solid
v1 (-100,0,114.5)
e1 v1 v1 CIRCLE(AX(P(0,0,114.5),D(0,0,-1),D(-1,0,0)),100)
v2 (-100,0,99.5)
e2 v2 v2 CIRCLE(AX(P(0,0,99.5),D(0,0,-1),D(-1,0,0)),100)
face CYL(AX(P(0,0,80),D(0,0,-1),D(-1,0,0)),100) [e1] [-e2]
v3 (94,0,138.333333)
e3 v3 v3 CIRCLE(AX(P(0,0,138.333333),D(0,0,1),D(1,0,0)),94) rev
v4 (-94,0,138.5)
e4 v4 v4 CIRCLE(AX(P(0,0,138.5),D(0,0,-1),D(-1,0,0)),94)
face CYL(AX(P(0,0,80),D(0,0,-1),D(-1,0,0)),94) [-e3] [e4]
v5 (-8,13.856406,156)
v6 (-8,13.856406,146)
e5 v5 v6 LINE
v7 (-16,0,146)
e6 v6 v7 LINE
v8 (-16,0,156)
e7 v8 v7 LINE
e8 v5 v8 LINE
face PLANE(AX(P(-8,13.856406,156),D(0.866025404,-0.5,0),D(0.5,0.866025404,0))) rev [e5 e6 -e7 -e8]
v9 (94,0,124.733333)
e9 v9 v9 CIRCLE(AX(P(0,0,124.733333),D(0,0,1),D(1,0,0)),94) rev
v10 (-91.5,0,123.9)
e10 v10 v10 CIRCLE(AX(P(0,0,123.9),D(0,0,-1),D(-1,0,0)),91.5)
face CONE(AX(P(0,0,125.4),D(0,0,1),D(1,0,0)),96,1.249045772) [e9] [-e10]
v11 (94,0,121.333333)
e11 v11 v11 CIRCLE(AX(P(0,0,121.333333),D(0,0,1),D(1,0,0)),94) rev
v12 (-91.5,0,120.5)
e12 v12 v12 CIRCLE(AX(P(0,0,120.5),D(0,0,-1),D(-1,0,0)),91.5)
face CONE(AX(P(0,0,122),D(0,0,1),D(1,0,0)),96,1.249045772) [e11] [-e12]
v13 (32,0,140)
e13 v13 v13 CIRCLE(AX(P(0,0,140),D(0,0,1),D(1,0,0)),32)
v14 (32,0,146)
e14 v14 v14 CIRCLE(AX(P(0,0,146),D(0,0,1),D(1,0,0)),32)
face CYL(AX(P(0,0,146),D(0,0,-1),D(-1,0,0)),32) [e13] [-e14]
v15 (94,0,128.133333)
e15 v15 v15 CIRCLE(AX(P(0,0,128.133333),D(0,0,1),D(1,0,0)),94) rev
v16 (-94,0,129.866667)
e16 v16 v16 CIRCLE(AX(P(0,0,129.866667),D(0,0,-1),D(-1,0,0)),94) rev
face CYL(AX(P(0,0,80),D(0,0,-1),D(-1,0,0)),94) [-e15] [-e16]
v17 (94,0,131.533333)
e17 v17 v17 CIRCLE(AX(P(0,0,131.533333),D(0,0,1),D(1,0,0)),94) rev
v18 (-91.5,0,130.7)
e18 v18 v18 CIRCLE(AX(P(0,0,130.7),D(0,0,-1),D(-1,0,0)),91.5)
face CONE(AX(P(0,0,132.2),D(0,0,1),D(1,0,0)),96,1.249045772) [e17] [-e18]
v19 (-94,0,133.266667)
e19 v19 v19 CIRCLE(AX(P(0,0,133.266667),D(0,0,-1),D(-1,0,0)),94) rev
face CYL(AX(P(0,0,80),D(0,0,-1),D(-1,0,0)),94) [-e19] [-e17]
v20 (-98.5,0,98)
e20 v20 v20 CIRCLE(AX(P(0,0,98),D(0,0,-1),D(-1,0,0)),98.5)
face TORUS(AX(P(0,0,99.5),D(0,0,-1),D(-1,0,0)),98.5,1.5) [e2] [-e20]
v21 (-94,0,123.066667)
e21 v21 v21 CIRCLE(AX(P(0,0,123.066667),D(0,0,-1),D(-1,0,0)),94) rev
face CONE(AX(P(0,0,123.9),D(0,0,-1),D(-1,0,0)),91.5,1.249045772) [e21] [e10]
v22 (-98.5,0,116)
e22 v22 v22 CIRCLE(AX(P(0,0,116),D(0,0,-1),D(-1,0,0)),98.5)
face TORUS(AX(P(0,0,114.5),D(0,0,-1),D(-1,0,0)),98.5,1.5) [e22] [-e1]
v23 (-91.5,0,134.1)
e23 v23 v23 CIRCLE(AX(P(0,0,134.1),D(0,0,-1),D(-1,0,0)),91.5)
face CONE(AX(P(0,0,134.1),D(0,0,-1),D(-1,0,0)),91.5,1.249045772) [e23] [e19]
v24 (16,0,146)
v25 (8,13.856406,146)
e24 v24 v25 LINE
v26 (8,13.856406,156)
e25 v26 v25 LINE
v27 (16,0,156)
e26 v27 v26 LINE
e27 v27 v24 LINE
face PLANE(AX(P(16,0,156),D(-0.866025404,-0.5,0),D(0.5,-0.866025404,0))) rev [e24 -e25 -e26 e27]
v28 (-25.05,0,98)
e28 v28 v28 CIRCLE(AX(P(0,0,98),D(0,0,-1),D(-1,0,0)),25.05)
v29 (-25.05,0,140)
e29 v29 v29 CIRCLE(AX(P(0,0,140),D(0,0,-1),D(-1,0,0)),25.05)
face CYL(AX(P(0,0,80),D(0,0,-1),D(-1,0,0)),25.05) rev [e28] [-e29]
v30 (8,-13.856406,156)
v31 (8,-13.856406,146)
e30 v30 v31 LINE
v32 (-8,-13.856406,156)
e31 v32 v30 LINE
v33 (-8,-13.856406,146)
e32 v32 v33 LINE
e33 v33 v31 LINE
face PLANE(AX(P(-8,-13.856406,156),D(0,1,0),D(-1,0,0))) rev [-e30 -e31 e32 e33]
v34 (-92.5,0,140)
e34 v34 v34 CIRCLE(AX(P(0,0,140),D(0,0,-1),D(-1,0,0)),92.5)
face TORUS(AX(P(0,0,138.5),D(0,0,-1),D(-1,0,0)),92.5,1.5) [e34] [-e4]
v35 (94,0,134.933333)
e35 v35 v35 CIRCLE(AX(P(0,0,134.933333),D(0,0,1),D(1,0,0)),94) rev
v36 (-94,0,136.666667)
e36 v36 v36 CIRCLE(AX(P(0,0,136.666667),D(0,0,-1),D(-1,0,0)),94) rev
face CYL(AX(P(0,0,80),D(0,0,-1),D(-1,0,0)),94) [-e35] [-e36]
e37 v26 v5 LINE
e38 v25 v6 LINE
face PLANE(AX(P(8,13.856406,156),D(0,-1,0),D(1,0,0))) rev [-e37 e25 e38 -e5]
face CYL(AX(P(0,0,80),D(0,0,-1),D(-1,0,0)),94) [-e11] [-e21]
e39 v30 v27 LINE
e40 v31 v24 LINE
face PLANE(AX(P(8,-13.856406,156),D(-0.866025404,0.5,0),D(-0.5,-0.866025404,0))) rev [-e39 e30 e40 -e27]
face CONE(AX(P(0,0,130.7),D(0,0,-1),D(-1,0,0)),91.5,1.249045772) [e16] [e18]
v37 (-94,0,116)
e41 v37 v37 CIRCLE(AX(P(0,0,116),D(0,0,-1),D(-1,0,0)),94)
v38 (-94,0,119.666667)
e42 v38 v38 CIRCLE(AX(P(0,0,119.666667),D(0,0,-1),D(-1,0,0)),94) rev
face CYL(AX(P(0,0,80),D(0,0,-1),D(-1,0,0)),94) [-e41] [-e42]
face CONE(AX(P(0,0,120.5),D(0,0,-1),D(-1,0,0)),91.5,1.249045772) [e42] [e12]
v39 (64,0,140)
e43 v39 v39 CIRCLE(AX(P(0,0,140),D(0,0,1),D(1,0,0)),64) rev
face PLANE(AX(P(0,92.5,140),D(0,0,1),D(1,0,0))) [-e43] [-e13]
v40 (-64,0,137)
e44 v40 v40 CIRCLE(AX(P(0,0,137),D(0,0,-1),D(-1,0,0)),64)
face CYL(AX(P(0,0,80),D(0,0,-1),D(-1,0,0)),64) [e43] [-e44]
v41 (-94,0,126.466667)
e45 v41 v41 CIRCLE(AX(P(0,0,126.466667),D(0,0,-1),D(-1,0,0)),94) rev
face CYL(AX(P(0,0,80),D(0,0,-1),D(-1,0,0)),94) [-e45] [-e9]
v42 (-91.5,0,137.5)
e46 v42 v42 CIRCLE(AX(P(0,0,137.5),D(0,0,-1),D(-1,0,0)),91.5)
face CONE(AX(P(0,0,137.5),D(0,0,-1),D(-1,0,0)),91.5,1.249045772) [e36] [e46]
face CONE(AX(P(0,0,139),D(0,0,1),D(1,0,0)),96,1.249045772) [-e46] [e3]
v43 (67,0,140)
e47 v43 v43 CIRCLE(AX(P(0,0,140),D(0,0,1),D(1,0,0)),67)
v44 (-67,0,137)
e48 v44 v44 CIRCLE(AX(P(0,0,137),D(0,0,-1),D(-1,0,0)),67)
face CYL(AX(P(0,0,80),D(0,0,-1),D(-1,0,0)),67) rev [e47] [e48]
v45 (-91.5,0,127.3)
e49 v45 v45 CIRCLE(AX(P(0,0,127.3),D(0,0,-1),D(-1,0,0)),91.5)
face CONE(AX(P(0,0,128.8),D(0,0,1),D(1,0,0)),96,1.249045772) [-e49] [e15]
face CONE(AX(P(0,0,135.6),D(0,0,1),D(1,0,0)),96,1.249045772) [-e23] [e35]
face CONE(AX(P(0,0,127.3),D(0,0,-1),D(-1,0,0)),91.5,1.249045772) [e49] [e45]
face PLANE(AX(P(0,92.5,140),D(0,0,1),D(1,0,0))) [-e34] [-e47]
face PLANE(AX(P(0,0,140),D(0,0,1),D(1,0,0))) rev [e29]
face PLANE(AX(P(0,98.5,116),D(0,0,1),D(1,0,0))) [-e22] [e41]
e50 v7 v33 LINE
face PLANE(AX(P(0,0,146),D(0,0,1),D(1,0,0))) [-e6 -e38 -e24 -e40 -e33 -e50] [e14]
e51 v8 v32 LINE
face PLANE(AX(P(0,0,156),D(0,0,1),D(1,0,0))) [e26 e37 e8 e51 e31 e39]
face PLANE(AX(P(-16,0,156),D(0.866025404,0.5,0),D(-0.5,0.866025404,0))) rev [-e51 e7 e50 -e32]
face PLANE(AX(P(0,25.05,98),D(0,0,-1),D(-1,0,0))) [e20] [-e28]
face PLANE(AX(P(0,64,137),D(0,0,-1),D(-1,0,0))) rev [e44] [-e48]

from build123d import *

# Parameters (mm, degrees)
SKETCH3_W        = 4
SKETCH3_H        = 3
WASHER_START     = 140
SKETCH4_R        = 32
WASHER_DEPTH     = 6
CRANK_START      = 146
CRANK_BOLT_DEPTH = 10


with BuildPart() as part:
    # Sketch1 → Balancer (revolve)
    with BuildSketch(Plane(origin=(0, 0, 0), x_dir=(0, 0, -1), z_dir=(1, 0, 0)), mode=Mode.PRIVATE) as balancer_sk:
        with BuildLine():
            Line((-98, 25.05), (-98, 98.5))
            ThreePointArc((-98, 98.5), (-98.439339828, 99.560660172), (-99.5, 100))
            Line((-99.5, 100), (-114.5, 100))
            ThreePointArc((-114.5, 100), (-115.560660172, 99.560660172), (-116, 98.5))
            Line((-116, 98.5), (-116, 94))
            Line((-116, 94), (-138.5, 94))
            ThreePointArc((-138.5, 94), (-139.560660172, 93.560660172), (-140, 92.5))
            Line((-140, 92.5), (-140, 25.05))
            Line((-140, 25.05), (-98, 25.05))
        make_face()
    revolve(balancer_sk.sketch.rotate(Axis((0, 0, 80), (0, 0, 1)), 90), axis=Axis((0, 0, 80), (0, 0, 1)))

    # Sketch2 → Belt Grooves (revolve, cut)
    with BuildSketch(Plane(origin=(0, 0, 0), x_dir=(0, 0, -1), z_dir=(1, 0, 0)), mode=Mode.PRIVATE) as belt_grooves_sk:
        Polygon((-119, 96), (-120.5, 91.5), (-122, 96), align=None)
        Polygon((-122.4, 96), (-123.9, 91.5), (-125.4, 96), align=None)
        Polygon((-125.8, 96), (-127.3, 91.5), (-128.8, 96), align=None)
        Polygon((-129.2, 96), (-130.7, 91.5), (-132.2, 96), align=None)
        Polygon((-132.6, 96), (-134.1, 91.5), (-135.6, 96), align=None)
        Polygon((-136, 96), (-137.5, 91.5), (-139, 96), align=None)
    revolve(belt_grooves_sk.sketch.rotate(Axis((0, 0, 80), (0, 0, 1)), 90), axis=Axis((0, 0, 80), (0, 0, 1)), mode=Mode.SUBTRACT)

    # Sketch3 → Isolator Groove (revolve, cut)
    with BuildSketch(Plane(origin=(0, 0, 0), x_dir=(0, 0, -1), z_dir=(1, 0, 0)), mode=Mode.PRIVATE) as isolator_groove_sk:
        with Locations((-139, 65.5)):
            Rectangle(SKETCH3_W, SKETCH3_H)
    revolve(isolator_groove_sk.sketch.rotate(Axis((0, 0, 80), (0, 0, 1)), 90), axis=Axis((0, 0, 80), (0, 0, 1)), mode=Mode.SUBTRACT)

    # Sketch4 → Washer (add)
    with BuildSketch(Plane.XY.offset(WASHER_START)):
        Circle(SKETCH4_R)
    extrude(amount=WASHER_DEPTH)

    # Sketch5 → Crank Bolt (add)
    with BuildSketch(Plane.XY.offset(CRANK_START)):
        Polygon((16, 0), (8, 13.856406461), (-8, 13.856406461), (-16, 0), (-8, -13.856406461), (8, -13.856406461), align=None)
    extrude(amount=CRANK_BOLT_DEPTH)


solid = part.part
